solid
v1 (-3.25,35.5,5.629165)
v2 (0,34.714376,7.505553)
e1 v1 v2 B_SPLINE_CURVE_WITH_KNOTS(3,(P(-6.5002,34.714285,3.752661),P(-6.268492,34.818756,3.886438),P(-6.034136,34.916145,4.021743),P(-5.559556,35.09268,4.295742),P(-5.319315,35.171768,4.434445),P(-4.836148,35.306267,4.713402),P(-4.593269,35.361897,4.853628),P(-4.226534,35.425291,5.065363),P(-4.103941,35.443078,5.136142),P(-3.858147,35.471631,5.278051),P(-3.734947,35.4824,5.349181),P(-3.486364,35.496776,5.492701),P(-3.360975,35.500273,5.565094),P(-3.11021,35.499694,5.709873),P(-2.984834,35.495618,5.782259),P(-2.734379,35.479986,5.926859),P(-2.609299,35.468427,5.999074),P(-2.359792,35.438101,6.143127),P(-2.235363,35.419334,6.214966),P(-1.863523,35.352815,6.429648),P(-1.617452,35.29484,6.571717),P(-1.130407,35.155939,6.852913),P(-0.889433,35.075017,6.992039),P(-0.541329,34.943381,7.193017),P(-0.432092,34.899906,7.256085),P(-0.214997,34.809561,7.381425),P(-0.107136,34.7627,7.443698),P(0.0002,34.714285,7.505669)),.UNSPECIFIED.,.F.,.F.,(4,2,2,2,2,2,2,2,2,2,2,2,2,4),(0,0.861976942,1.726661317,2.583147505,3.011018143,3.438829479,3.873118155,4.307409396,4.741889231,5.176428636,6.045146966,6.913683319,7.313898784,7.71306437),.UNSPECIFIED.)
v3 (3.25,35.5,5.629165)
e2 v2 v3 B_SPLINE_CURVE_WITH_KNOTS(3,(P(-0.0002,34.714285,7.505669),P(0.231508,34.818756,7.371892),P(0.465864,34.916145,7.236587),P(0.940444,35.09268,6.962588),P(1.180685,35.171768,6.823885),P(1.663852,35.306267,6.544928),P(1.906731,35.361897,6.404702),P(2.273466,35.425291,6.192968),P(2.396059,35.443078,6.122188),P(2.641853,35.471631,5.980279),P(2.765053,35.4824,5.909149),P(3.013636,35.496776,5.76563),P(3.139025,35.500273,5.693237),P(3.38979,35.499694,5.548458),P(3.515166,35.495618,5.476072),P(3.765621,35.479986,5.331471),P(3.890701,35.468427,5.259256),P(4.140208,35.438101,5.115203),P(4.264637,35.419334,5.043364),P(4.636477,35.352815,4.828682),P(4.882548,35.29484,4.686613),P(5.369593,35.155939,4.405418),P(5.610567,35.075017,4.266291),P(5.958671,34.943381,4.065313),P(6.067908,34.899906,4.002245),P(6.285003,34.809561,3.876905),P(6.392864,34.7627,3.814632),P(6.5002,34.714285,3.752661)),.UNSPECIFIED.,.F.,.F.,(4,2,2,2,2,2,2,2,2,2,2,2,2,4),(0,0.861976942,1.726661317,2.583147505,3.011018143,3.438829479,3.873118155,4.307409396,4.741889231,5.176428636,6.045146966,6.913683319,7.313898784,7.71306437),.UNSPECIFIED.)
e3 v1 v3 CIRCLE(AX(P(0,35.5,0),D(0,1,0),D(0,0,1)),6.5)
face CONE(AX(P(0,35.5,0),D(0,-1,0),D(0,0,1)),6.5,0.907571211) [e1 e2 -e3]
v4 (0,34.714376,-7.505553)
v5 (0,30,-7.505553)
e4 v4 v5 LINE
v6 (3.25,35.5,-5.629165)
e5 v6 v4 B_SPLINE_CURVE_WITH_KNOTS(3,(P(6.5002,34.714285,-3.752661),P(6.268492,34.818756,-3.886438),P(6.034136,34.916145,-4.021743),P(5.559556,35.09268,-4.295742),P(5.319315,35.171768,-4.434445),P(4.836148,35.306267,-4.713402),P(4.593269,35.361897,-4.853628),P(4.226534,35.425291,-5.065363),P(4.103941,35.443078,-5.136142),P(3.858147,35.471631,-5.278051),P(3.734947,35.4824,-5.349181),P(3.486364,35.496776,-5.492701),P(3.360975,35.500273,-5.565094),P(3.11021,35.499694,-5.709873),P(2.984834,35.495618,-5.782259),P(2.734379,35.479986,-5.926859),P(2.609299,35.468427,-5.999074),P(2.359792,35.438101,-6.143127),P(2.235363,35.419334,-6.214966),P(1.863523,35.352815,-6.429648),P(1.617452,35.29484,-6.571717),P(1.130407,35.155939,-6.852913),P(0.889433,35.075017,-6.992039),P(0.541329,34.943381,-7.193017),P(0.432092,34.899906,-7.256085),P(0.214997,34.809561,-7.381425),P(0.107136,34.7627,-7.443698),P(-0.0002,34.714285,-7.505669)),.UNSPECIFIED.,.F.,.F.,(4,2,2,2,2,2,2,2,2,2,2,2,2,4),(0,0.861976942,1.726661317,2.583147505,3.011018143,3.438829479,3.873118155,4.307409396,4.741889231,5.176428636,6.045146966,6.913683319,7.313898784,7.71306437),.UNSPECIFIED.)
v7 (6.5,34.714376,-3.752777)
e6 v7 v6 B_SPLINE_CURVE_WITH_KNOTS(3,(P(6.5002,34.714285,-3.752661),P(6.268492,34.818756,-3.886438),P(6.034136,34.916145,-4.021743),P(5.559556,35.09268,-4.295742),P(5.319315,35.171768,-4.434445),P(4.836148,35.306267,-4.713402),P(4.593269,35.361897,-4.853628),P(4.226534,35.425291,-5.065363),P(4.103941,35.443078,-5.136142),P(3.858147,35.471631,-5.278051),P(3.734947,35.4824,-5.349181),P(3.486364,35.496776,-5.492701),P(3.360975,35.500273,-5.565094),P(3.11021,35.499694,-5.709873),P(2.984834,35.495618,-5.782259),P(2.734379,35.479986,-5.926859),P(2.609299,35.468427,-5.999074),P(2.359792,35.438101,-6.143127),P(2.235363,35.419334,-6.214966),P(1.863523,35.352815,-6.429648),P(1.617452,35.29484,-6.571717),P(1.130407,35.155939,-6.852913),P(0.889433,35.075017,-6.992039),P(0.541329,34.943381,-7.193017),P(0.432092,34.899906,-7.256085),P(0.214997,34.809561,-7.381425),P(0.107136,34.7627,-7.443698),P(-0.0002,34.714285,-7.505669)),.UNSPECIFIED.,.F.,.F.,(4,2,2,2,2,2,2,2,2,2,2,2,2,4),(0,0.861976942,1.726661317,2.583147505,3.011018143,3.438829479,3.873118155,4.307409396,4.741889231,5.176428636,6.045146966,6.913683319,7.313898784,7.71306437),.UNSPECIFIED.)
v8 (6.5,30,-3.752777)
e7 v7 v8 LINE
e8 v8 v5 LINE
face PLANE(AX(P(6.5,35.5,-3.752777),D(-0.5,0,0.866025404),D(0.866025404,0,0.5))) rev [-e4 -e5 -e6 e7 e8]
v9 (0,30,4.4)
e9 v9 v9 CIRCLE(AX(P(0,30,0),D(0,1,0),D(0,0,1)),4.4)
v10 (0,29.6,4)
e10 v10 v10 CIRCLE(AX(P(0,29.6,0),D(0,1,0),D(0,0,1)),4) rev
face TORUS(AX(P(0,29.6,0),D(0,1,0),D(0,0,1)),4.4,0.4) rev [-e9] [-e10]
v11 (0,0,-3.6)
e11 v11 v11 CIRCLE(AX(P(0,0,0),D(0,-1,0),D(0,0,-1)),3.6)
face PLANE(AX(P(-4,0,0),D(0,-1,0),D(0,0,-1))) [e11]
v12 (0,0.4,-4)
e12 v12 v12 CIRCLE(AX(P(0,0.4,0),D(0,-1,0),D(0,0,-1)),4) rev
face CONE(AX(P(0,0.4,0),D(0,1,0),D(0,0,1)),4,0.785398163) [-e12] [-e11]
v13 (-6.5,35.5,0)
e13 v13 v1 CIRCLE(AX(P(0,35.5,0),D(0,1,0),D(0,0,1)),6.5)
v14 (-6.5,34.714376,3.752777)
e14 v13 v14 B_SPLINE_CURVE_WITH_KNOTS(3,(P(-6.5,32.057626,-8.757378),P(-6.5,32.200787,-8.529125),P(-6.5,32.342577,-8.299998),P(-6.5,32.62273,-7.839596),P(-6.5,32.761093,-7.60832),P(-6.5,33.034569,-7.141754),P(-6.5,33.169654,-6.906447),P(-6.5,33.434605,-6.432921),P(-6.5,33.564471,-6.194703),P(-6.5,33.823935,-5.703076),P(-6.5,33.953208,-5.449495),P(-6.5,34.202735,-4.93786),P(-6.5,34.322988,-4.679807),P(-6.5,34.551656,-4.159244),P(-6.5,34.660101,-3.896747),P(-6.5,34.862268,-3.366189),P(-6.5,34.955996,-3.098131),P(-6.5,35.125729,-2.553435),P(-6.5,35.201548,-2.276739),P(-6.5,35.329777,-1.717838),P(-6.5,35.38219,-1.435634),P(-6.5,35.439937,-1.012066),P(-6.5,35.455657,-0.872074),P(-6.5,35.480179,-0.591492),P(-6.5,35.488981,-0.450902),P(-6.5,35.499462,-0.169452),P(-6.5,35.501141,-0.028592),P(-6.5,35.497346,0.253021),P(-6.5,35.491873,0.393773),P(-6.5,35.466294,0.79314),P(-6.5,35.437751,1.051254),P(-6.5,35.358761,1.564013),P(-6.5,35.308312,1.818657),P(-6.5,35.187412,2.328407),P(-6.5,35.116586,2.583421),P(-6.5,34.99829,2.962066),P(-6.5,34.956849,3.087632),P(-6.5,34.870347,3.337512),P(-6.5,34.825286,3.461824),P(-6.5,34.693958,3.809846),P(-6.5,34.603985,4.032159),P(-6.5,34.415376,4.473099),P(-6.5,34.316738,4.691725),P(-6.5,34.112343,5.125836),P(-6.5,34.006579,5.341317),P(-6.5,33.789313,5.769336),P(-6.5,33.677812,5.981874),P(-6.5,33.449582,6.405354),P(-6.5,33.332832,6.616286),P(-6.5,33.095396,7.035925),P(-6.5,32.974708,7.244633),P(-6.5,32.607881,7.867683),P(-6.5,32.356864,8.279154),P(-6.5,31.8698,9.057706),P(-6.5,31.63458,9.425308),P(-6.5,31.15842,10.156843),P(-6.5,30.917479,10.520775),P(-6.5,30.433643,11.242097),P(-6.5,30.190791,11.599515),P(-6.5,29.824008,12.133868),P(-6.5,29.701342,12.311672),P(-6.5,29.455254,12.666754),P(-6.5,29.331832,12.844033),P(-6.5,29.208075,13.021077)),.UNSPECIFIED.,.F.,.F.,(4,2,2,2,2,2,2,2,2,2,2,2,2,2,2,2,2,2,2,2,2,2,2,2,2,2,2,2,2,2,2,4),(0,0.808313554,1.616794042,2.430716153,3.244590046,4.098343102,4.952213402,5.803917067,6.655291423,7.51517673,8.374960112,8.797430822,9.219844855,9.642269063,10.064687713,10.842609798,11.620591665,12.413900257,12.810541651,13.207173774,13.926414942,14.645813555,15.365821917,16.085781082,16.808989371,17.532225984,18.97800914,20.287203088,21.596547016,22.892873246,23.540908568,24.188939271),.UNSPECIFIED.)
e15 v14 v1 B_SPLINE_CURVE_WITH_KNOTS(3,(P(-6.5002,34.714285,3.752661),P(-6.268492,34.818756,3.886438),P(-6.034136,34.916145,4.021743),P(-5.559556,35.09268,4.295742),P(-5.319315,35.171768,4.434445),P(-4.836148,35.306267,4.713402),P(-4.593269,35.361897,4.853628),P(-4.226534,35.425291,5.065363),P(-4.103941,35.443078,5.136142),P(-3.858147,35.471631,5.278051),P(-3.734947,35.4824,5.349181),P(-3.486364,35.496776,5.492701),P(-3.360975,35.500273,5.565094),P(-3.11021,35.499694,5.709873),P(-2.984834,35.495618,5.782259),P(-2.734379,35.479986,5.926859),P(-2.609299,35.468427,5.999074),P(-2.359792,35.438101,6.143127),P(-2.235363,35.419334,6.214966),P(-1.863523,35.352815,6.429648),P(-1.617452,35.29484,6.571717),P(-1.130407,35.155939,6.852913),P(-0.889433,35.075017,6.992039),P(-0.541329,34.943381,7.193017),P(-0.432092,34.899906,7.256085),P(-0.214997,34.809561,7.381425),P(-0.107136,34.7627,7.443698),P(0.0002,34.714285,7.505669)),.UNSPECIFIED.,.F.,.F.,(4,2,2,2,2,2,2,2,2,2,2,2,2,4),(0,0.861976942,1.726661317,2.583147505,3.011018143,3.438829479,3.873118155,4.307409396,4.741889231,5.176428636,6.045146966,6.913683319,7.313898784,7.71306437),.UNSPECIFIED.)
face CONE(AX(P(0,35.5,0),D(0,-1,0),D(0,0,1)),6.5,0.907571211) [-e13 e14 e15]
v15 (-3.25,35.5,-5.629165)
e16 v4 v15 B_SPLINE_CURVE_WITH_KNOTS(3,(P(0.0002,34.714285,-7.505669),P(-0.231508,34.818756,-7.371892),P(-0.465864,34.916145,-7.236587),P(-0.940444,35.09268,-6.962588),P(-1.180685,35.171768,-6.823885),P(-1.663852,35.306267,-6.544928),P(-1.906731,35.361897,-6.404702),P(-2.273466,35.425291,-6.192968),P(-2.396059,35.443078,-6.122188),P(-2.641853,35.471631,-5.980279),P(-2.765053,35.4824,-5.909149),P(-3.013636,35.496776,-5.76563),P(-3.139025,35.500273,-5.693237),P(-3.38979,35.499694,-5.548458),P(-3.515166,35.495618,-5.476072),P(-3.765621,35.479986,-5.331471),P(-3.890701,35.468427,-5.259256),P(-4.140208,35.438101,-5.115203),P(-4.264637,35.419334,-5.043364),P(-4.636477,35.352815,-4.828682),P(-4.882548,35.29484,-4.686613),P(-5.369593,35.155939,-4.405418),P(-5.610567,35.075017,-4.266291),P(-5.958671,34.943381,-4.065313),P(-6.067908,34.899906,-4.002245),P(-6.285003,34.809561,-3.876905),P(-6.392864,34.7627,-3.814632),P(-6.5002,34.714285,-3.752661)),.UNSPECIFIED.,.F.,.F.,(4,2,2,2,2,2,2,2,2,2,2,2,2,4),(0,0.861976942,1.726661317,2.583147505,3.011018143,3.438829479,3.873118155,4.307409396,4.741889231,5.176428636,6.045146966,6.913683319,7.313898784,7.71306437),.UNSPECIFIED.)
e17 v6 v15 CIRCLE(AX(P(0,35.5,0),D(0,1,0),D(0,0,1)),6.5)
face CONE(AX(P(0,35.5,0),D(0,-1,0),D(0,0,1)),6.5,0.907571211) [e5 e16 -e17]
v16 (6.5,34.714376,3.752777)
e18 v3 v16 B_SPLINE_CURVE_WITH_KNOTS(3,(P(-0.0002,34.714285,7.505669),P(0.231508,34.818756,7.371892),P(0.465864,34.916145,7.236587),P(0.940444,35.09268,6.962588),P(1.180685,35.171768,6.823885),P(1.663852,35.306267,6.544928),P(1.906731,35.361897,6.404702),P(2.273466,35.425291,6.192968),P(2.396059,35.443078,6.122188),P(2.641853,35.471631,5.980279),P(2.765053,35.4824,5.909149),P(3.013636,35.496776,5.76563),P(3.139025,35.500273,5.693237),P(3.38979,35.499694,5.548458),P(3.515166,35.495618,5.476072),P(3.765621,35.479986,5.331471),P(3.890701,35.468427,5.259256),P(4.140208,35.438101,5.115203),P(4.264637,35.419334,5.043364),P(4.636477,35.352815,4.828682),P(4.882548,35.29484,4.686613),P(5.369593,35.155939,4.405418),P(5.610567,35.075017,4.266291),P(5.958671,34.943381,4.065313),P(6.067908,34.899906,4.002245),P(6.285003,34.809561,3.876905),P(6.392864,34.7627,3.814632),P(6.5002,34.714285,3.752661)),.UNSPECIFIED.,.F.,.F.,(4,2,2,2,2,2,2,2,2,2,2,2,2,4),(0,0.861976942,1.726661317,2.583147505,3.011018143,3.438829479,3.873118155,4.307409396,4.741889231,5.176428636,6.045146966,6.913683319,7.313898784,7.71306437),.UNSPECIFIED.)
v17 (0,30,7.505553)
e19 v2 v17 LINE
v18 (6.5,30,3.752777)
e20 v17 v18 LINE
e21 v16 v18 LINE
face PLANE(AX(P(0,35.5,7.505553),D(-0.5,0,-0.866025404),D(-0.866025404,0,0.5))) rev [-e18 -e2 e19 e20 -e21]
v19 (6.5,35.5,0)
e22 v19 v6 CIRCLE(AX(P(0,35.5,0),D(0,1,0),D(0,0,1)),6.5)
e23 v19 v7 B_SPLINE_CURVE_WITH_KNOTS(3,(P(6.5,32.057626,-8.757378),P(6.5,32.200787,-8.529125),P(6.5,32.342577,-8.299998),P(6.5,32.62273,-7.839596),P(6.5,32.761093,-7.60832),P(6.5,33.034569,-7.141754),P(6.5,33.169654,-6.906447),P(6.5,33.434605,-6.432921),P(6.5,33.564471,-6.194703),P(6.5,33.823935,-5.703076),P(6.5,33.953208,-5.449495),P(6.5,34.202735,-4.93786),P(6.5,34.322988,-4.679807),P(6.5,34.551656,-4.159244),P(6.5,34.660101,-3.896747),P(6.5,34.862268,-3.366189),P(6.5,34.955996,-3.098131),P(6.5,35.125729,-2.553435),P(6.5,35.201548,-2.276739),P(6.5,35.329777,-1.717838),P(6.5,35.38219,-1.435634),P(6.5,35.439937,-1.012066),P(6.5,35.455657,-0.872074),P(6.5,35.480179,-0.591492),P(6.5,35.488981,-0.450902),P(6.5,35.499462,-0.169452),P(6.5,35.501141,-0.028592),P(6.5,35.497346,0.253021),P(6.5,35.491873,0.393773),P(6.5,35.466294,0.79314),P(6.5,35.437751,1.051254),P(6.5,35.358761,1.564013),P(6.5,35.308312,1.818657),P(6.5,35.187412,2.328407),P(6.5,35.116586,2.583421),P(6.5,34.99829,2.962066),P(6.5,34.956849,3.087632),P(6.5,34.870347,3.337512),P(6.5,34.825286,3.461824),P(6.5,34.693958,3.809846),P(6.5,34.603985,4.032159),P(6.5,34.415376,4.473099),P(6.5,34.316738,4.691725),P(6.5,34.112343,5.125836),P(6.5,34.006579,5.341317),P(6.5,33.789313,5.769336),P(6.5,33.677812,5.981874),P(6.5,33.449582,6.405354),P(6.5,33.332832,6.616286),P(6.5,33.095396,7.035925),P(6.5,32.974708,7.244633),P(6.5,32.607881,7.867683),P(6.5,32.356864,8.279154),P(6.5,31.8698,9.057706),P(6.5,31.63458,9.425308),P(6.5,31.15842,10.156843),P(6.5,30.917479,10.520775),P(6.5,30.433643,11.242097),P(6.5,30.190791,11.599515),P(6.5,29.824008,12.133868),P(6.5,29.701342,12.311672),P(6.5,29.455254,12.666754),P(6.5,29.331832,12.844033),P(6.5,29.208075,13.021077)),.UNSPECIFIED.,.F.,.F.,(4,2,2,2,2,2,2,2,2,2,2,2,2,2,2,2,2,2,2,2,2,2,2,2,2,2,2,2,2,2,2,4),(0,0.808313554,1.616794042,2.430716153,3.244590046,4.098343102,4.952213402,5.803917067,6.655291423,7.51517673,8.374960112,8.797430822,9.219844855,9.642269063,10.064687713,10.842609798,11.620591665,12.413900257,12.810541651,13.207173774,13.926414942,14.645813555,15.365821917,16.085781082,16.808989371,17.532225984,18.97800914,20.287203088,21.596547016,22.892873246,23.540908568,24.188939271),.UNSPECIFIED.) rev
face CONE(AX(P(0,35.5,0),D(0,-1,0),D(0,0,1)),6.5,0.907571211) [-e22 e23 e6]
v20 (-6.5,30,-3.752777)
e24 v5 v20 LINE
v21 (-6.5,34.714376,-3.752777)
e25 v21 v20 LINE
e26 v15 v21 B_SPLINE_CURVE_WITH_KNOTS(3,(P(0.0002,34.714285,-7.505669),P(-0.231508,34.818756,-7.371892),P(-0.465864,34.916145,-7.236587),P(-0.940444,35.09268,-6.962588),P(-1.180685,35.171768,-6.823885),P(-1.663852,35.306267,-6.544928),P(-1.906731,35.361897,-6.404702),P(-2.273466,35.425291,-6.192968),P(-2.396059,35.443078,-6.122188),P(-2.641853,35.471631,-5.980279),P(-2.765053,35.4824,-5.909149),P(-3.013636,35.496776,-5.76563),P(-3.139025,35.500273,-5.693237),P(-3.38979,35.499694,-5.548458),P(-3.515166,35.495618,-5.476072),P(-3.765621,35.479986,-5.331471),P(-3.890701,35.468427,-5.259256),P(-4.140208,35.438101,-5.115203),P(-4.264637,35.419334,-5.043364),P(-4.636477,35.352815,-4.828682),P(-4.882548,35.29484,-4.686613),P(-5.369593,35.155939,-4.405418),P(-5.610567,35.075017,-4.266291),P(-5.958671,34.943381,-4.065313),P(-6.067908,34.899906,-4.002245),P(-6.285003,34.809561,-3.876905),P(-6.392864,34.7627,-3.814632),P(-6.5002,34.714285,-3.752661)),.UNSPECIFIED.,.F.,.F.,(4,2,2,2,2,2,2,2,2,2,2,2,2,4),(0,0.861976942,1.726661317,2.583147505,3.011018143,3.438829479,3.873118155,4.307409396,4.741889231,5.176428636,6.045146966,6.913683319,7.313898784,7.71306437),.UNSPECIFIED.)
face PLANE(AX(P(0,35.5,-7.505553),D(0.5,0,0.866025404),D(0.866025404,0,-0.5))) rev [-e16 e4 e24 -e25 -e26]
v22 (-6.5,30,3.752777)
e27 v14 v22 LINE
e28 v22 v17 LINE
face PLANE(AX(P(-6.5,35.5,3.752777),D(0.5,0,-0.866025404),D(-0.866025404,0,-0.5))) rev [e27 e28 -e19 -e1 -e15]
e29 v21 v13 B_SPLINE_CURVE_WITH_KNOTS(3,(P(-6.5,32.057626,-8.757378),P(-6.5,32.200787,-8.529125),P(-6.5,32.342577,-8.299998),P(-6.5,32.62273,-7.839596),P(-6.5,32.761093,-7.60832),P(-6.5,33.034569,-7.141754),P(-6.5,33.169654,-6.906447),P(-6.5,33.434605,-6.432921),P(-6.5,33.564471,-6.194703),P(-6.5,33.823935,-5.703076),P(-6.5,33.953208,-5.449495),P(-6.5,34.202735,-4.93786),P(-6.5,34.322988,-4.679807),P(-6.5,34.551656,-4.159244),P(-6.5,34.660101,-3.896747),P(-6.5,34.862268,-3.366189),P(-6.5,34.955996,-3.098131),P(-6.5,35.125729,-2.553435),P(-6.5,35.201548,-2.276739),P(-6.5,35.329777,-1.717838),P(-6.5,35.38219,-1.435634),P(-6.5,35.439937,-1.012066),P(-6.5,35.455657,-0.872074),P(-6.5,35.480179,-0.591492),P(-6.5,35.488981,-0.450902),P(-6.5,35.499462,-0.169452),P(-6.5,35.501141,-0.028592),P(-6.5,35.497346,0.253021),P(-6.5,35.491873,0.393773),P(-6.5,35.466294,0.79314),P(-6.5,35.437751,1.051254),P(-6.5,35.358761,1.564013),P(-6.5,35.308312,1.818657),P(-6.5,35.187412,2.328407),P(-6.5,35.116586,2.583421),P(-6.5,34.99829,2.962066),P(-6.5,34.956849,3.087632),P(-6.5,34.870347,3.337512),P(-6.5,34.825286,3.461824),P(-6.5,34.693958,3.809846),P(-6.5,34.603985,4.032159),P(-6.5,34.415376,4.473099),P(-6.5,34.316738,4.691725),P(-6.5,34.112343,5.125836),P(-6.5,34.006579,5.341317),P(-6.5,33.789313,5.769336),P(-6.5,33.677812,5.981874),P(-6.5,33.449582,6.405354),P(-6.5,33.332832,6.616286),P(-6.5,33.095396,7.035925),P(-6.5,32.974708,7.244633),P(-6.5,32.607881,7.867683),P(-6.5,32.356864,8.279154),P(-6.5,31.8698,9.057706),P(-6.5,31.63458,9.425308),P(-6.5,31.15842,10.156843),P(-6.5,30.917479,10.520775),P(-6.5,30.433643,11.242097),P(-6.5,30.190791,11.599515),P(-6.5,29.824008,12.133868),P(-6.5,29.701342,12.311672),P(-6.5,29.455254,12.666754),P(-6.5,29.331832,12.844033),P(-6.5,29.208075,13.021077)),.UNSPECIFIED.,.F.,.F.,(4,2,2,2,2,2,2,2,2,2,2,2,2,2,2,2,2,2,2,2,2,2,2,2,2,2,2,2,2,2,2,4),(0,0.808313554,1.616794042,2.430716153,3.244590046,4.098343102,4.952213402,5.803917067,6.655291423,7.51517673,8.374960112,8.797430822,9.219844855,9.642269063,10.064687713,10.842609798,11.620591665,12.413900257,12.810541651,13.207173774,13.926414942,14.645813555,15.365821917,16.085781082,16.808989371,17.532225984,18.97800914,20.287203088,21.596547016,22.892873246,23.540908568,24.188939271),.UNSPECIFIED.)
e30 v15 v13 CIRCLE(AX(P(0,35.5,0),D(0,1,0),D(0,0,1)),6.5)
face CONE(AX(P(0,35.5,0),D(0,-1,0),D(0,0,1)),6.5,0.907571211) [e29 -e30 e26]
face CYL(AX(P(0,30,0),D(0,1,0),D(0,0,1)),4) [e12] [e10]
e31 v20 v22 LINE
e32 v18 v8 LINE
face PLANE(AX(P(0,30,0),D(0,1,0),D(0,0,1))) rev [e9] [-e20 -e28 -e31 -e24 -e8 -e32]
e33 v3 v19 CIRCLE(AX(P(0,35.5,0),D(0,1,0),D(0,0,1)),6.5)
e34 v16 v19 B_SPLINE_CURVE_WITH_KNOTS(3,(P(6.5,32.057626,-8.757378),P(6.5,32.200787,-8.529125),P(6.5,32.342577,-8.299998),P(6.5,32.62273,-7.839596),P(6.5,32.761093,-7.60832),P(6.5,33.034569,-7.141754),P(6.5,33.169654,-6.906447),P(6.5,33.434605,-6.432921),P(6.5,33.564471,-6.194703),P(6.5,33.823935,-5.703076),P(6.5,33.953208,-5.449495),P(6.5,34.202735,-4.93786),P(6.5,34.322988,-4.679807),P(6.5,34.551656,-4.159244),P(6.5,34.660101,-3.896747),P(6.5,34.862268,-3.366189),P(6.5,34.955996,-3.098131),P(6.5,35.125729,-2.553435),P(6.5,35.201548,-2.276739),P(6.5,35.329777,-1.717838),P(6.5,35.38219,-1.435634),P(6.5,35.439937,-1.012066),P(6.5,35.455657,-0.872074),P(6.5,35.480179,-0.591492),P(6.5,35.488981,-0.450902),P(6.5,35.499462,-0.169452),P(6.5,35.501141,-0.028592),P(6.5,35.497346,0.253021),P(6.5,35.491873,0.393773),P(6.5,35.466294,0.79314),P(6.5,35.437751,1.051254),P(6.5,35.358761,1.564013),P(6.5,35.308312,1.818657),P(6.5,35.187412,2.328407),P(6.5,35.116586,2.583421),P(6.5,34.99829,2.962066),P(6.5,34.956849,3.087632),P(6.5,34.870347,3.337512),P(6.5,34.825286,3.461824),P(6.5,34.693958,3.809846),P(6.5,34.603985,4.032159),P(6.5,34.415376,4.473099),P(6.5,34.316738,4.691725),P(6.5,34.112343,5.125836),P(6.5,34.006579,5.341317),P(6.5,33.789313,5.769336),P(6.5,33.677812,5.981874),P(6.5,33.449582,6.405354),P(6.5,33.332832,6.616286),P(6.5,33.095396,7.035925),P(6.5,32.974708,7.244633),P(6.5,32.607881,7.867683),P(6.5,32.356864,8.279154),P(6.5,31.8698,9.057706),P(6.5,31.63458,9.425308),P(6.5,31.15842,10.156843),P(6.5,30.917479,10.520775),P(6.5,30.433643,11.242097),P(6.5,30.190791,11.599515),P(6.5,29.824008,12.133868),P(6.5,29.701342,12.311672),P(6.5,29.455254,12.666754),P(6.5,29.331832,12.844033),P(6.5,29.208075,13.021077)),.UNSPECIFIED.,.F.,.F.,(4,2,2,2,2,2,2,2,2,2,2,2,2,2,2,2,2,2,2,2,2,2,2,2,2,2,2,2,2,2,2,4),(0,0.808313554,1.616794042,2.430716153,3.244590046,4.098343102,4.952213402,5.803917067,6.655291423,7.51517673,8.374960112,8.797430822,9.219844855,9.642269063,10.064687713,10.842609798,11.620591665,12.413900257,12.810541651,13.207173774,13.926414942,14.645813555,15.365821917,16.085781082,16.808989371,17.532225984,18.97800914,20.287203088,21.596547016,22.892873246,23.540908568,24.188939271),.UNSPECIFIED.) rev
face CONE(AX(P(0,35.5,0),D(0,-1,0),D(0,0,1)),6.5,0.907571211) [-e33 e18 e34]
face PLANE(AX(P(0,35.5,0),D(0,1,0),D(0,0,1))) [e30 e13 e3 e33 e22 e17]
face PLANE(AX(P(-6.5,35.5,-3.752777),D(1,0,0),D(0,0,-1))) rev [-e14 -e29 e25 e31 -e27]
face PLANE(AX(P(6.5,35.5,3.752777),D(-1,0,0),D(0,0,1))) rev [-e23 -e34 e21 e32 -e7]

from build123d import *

# Parameters (mm, degrees)
SKETCH1_W           = 4
SKETCH1_H           = 30
BOSS_EXTRUDE1_DEPTH = 5.5
FILLET1_R           = 0.4
CHAMFER1_SIZE       = 0.4
SKETCH3_OUTSIDE_W   = 25.696
SKETCH3_OUTSIDE_H   = 27.708
SKETCH3_OUTSIDE_R   = 6.5
CUT_EXTRUDE1_DEPTH  = 1
CUT_EXTRUDE1_DRAFT  = -52


with BuildPart() as part:
    # Sketch1 → Revolve1 (revolve)
    with BuildSketch(Plane.XY, mode=Mode.PRIVATE) as revolve1_sk:
        with Locations((-2, 15)):
            Rectangle(SKETCH1_W, SKETCH1_H)
    revolve(revolve1_sk.sketch.rotate(Axis((0, 30, 0), (0, -1, 0)), 270), axis=Axis((0, 30, 0), (0, -1, 0)))

    # Sketch2 → Boss-Extrude1 (add)
    with BuildSketch(Plane(origin=(0, 30, 0), x_dir=(1, 0, 0), z_dir=(0, 1, 0))):
        Polygon((0, -7.505553499), (6.5, -3.75277675), (6.5, 3.75277675), (0, 7.505553499), (-6.5, 3.75277675), (-6.5, -3.75277675), align=None)
    extrude(amount=BOSS_EXTRUDE1_DEPTH)

    # Fillet1
    fillet1_edges = [part.edges().sort_by_distance(p)[0] for p in [
        (0, 30, -4),
    ]]
    fillet(fillet1_edges, radius=FILLET1_R)

    # Chamfer1
    chamfer1_edges = [part.edges().sort_by_distance(p)[0] for p in [
        (0, 0, -4),
    ]]
    chamfer(chamfer1_edges, length=CHAMFER1_SIZE)


with BuildPart() as cut_extrude1_tool:
    # Sketch3 outside → Cut-Extrude1 (with draft: the straight prism first)
    with BuildSketch(Plane(origin=(0, 35.5, 0), x_dir=(1, 0, 0), z_dir=(0, 1, 0))):
        Rectangle(SKETCH3_OUTSIDE_W, SKETCH3_OUTSIDE_H)
        Circle(SKETCH3_OUTSIDE_R, mode=Mode.SUBTRACT)
    extrude(amount=-CUT_EXTRUDE1_DEPTH)
    # Cut-Extrude1: the draft: its side faces are tilted about the plane it starts from
    cut_extrude1_sides = [cut_extrude1_tool.faces().sort_by_distance(p)[0] for p in [
        (0, 35, 13.854),
        (12.848, 35, 0),
        (0, 35, -13.854),
        (-12.848, 35, 0),
        (-6.5, 35, 0),
    ]]
    draft(cut_extrude1_sides, Plane(origin=(0, 35.5, 0), x_dir=(1, 0, 0), z_dir=(0, 1, 0)), CUT_EXTRUDE1_DRAFT)


with BuildPart() as part_1:
    add(part.part)

    # Cut-Extrude1: cut by cut_extrude1_tool
    add(cut_extrude1_tool.part, mode=Mode.SUBTRACT)


solid = part_1.part
